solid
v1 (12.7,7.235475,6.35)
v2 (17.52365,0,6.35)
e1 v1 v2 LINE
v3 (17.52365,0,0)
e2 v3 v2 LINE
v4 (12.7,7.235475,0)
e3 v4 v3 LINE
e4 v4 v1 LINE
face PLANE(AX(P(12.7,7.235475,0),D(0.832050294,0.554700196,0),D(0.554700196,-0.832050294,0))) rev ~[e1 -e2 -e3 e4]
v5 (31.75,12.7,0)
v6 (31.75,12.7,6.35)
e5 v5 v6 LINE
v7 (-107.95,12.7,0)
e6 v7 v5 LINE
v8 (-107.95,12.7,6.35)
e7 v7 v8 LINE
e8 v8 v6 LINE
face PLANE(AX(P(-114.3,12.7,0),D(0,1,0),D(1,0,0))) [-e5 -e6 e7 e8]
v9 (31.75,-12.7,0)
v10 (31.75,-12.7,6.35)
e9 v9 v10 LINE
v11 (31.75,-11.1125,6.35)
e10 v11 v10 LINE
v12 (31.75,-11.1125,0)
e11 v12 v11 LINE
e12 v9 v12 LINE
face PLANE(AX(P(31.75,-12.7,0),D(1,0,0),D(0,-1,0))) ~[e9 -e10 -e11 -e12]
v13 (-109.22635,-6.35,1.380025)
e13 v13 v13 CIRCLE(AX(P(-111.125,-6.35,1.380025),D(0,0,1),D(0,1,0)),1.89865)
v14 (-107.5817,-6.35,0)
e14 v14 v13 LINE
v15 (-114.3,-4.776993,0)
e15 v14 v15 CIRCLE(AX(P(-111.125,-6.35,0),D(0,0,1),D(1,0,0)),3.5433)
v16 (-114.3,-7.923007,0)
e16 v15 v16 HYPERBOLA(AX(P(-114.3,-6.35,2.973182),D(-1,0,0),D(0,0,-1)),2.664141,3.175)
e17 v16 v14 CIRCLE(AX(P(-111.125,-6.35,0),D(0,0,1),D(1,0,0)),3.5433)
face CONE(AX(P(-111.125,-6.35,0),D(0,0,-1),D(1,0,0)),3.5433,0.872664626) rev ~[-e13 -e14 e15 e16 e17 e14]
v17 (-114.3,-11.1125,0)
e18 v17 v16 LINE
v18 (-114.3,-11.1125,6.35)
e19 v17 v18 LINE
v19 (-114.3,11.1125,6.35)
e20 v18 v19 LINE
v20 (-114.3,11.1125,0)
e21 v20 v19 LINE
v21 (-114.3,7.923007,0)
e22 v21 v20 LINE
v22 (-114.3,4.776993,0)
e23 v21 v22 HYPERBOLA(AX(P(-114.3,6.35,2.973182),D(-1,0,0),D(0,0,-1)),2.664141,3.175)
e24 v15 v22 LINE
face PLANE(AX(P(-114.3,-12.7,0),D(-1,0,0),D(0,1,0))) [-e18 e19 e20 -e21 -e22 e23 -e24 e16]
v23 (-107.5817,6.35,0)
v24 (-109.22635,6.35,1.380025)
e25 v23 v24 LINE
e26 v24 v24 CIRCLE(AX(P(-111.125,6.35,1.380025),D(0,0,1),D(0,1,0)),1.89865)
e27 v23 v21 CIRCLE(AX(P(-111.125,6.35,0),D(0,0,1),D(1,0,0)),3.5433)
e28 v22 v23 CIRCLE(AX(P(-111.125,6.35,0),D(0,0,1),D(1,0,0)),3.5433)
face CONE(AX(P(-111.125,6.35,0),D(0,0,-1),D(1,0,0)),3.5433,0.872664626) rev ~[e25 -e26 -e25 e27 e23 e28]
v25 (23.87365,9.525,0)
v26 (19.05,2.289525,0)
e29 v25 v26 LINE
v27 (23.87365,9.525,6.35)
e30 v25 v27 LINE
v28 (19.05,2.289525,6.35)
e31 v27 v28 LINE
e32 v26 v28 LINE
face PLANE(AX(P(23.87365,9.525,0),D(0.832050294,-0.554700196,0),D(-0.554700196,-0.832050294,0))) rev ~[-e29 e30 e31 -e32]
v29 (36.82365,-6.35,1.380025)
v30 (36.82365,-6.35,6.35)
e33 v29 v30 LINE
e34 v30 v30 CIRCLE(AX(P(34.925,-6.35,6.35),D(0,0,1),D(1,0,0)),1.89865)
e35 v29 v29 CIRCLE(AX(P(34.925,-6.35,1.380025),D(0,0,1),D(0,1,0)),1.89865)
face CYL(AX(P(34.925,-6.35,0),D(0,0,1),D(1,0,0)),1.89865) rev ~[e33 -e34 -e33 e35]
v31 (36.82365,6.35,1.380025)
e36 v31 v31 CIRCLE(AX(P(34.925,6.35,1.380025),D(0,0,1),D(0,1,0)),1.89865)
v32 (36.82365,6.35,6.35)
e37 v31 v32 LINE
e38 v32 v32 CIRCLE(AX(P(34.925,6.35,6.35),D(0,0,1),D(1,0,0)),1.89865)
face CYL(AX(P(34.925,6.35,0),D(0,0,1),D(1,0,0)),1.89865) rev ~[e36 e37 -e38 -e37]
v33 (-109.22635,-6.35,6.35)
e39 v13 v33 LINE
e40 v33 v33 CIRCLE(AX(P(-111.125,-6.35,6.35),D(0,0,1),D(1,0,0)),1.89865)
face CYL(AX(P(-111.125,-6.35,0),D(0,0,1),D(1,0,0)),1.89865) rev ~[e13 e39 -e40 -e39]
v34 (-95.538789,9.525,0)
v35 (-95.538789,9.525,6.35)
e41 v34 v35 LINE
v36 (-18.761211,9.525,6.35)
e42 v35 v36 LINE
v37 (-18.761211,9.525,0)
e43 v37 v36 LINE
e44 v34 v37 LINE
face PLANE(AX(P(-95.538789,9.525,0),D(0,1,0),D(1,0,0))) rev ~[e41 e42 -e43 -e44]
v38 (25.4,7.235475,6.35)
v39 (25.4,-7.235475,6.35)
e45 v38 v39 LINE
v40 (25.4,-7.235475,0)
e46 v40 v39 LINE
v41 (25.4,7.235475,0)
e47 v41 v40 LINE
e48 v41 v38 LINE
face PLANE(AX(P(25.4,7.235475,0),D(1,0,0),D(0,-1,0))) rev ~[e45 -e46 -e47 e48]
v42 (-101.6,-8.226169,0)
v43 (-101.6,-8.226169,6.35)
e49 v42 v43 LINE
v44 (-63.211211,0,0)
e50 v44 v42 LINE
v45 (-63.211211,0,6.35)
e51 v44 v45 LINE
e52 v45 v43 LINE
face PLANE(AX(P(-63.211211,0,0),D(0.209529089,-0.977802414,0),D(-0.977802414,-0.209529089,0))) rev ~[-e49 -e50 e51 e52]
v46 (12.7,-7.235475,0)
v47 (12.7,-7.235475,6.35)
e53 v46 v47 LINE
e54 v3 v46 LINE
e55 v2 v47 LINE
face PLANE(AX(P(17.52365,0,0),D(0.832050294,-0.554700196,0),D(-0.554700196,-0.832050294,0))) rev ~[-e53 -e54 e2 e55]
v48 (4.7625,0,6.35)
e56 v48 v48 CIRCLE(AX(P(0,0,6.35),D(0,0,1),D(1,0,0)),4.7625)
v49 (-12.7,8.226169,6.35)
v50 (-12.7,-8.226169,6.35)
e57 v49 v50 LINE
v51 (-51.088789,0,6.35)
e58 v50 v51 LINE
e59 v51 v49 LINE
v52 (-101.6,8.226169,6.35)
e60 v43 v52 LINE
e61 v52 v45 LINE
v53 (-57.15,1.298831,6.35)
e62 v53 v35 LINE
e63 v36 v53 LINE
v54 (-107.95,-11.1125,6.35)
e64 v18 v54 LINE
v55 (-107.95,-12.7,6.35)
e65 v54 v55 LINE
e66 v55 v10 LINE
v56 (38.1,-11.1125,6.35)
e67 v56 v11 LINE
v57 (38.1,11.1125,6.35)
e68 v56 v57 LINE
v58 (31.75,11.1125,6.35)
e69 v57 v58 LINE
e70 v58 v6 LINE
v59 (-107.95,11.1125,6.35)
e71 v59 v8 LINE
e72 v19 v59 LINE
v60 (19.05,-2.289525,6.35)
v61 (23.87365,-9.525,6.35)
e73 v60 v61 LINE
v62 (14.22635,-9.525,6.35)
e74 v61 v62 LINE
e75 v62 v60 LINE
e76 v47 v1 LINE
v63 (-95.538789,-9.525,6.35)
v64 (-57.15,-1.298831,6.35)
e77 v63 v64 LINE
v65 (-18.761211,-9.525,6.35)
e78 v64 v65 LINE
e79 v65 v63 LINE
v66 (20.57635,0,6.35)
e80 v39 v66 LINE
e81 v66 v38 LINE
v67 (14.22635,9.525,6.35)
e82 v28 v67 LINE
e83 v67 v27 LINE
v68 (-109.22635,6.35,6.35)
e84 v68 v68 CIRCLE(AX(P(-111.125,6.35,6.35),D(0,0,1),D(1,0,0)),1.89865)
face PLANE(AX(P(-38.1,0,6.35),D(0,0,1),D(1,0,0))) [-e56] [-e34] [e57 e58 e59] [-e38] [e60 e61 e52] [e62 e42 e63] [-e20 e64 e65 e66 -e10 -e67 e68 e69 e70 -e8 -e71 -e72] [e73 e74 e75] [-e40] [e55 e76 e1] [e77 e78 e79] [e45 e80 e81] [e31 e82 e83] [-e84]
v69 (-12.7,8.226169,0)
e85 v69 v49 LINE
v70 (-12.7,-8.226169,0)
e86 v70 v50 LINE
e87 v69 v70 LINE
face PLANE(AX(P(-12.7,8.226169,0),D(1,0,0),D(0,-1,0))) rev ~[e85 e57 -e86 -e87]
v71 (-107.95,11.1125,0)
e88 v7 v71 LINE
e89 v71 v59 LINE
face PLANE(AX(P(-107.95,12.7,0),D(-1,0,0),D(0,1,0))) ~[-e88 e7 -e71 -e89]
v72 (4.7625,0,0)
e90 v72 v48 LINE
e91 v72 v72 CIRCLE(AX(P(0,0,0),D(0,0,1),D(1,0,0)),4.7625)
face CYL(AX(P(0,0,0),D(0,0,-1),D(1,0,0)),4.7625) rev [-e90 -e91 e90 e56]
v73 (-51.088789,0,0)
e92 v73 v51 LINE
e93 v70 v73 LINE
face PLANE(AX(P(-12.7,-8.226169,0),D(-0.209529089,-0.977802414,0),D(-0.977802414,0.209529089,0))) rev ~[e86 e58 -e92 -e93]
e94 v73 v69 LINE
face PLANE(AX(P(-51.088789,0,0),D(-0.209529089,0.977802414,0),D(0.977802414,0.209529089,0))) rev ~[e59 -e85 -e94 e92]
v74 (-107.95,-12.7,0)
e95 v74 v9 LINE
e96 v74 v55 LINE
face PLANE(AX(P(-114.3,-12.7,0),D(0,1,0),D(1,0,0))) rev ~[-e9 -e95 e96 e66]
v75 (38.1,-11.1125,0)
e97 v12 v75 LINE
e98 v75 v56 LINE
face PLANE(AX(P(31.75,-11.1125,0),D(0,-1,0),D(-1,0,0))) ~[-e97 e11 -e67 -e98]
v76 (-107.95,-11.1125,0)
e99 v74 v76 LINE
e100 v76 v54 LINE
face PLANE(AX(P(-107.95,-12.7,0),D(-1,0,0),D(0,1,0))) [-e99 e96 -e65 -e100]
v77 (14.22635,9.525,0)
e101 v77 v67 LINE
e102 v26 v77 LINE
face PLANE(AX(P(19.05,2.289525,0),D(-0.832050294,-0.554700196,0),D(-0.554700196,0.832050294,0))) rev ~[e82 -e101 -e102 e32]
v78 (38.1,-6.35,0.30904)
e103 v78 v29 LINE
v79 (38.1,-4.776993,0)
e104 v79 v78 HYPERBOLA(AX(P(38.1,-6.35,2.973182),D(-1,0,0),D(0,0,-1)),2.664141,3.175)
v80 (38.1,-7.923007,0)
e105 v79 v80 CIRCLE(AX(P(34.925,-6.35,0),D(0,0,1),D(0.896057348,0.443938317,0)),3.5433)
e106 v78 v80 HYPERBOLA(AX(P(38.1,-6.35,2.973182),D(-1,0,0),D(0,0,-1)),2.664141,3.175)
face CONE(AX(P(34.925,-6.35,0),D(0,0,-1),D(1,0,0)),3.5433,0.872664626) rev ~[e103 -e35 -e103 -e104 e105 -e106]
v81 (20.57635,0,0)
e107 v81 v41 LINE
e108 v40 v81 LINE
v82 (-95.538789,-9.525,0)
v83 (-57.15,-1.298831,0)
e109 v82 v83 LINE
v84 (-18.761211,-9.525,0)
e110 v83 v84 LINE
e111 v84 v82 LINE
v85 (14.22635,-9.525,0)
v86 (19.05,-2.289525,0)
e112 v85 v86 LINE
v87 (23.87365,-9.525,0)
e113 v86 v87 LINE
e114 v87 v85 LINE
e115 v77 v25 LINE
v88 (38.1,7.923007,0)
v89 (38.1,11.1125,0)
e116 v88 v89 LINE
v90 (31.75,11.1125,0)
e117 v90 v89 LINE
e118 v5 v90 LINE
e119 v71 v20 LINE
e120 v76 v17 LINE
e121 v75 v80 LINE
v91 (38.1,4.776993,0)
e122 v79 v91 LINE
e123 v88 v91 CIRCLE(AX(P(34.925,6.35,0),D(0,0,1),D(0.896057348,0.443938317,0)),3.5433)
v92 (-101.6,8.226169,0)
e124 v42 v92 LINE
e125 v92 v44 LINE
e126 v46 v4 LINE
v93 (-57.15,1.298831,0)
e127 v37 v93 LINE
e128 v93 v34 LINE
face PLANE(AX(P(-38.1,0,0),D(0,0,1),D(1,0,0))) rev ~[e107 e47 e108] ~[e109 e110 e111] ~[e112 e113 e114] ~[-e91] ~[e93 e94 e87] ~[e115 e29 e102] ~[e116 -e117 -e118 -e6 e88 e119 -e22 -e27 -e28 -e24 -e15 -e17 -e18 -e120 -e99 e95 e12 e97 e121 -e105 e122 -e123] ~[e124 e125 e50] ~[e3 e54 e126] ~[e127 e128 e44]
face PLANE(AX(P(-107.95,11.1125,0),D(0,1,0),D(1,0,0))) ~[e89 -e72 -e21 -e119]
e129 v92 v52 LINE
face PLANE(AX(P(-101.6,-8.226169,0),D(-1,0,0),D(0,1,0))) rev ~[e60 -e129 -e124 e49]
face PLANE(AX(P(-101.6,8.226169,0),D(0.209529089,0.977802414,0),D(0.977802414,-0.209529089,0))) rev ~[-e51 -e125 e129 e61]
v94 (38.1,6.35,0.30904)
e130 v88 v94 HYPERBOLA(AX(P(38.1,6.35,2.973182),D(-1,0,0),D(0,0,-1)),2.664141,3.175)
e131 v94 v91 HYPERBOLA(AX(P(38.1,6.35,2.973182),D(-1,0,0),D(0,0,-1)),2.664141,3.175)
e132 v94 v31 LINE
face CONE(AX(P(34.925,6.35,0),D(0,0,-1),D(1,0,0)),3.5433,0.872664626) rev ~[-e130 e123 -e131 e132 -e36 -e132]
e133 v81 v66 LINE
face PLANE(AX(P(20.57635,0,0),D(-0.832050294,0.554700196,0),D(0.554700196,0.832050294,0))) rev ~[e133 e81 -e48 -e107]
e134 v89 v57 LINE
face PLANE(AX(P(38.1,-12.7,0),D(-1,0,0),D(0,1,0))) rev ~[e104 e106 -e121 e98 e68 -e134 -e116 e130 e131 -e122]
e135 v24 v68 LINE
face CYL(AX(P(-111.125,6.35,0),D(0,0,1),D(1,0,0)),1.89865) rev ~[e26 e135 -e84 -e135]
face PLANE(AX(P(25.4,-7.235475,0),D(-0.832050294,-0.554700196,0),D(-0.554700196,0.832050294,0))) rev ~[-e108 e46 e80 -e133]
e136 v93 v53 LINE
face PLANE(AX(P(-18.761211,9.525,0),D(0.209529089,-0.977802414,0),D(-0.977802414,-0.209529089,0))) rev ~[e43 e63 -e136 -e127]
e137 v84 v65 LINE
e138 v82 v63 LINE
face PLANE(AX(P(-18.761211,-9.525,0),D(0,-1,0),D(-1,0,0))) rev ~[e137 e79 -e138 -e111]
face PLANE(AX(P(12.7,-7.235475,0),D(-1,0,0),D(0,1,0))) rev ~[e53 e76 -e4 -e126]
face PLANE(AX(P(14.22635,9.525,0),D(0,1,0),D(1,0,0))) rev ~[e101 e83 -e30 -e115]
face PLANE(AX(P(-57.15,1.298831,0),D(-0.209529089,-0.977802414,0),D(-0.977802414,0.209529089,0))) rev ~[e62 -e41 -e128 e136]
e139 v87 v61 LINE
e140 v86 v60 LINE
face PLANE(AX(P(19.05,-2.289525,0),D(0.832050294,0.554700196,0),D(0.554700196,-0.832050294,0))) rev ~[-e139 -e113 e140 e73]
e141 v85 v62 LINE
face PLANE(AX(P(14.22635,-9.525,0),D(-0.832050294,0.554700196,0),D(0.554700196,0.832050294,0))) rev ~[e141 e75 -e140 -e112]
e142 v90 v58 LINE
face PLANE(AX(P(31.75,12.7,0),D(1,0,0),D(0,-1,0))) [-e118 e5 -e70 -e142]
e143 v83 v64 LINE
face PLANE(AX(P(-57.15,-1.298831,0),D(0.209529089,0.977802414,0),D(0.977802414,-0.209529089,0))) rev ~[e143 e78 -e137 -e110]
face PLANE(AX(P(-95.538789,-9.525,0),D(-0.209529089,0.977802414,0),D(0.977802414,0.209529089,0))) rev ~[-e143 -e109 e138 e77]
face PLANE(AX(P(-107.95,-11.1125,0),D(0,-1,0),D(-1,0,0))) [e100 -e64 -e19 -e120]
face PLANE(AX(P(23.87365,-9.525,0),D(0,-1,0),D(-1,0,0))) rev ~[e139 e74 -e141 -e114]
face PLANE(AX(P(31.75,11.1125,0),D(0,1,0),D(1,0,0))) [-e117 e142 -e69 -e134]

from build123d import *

# Parameters (mm, degrees)
SKETCH1_W                                         = 152.4
SKETCH1_H                                         = 25.4
SKETCH1_R                                         = 4.7625
BOSS_EXTRUDE1_DEPTH                               = 6.35
CSK_FOR_6_FLAT_HEAD_MACHINE_SCREW_100_D           = 3.7973
CSK_FOR_6_FLAT_HEAD_MACHINE_SCREW_100_CSINK_D     = 7.0866
CSK_FOR_6_FLAT_HEAD_MACHINE_SCREW_100_CSINK_ANGLE = 100
SKETCH5_W                                         = 6.35
SKETCH5_H                                         = 1.5875
CUT_EXTRUDE1_DEPTH                                = 116.178567885
MIRROR2_COPY_1_SKETCH_W                           = 6.35
MIRROR2_COPY_1_SKETCH_H                           = 1.5875
MIRROR2_COPY_1_DEPTH                              = 116.178567885
MIRROR2_COPY_2_SKETCH_W                           = 6.35
MIRROR2_COPY_2_SKETCH_H                           = 1.5875
MIRROR2_COPY_2_DEPTH                              = 116.178567885


with BuildPart() as part:
    # Sketch1 → Boss-Extrude1 (new body)
    with BuildSketch(Plane.XY):
        with Locations((-38.1, 0)):
            Rectangle(SKETCH1_W, SKETCH1_H)
        Polygon((-101.6, -8.226169089), (-101.6, 8.226169089), (-63.211210917, 0), align=None, mode=Mode.SUBTRACT)
        Polygon((-18.761210917, -9.525), (-95.538789083, -9.525), (-57.15, -1.298830911), align=None, mode=Mode.SUBTRACT)
        Polygon((-12.7, 8.226169089), (-12.7, -8.226169089), (-51.088789083, 0), align=None, mode=Mode.SUBTRACT)
        Polygon((-95.538789083, 9.525), (-18.761210917, 9.525), (-57.15, 1.298830911), align=None, mode=Mode.SUBTRACT)
        Polygon((14.22635004, 9.525), (23.87364996, 9.525), (19.05, 2.28952506), align=None, mode=Mode.SUBTRACT)
        Circle(SKETCH1_R, mode=Mode.SUBTRACT)
        Polygon((12.7, -7.23547494), (12.7, 7.23547494), (17.52364996, 0), align=None, mode=Mode.SUBTRACT)
        Polygon((23.87364996, -9.525), (14.22635004, -9.525), (19.05, -2.28952506), align=None, mode=Mode.SUBTRACT)
        Polygon((25.4, 7.23547494), (25.4, -7.23547494), (20.57635004, 0), align=None, mode=Mode.SUBTRACT)
    extrude(amount=BOSS_EXTRUDE1_DEPTH)

    # CSK for #6 Flat Head Machine Screw (100)1 (through all)
    with Locations(Plane(origin=(0, 0, 0), x_dir=(-1, 0, 0), z_dir=(0, 0, -1))):
        with Locations((-34.925, 6.35), (-34.925, -6.35), (111.125, -6.35), (111.125, 6.35)):
            CounterSinkHole(CSK_FOR_6_FLAT_HEAD_MACHINE_SCREW_100_D / 2, CSK_FOR_6_FLAT_HEAD_MACHINE_SCREW_100_CSINK_D / 2, counter_sink_angle=CSK_FOR_6_FLAT_HEAD_MACHINE_SCREW_100_CSINK_ANGLE)

    # Sketch5 → Cut-Extrude1 (cut, through all)
    with BuildSketch(Plane(origin=(0, 0, 0), x_dir=(-1, 0, 0), z_dir=(0, 0, -1))):
        with Locations((111.125, -11.90625)):
            Rectangle(SKETCH5_W, SKETCH5_H)
    cut_extrude1 = extrude(amount=-CUT_EXTRUDE1_DEPTH, mode=Mode.SUBTRACT)

    # Mirror1: Cut-Extrude1 across plane
    add(cut_extrude1.mirror(Plane.ZY.offset(38.1)), mode=Mode.SUBTRACT)

    # Mirror2 copy 1 sketch → Mirror2 copy 1 (cut, through all)
    with BuildSketch(Plane(origin=(-76.2, 0, 0), x_dir=(1, 0, 0), z_dir=(0, 0, -1))):
        with Locations((111.125, -11.90625)):
            Rectangle(MIRROR2_COPY_1_SKETCH_W, MIRROR2_COPY_1_SKETCH_H)
    extrude(amount=-MIRROR2_COPY_1_DEPTH, mode=Mode.SUBTRACT)

    # Mirror2 copy 2 sketch → Mirror2 copy 2 (cut, through all)
    with BuildSketch(Plane(origin=(0, 0, 0), x_dir=(-1, 0, 0), z_dir=(0, 0, -1))):
        with Locations((111.125, 11.90625)):
            Rectangle(MIRROR2_COPY_2_SKETCH_W, MIRROR2_COPY_2_SKETCH_H)
    extrude(amount=-MIRROR2_COPY_2_DEPTH, mode=Mode.SUBTRACT)


solid = part.part
